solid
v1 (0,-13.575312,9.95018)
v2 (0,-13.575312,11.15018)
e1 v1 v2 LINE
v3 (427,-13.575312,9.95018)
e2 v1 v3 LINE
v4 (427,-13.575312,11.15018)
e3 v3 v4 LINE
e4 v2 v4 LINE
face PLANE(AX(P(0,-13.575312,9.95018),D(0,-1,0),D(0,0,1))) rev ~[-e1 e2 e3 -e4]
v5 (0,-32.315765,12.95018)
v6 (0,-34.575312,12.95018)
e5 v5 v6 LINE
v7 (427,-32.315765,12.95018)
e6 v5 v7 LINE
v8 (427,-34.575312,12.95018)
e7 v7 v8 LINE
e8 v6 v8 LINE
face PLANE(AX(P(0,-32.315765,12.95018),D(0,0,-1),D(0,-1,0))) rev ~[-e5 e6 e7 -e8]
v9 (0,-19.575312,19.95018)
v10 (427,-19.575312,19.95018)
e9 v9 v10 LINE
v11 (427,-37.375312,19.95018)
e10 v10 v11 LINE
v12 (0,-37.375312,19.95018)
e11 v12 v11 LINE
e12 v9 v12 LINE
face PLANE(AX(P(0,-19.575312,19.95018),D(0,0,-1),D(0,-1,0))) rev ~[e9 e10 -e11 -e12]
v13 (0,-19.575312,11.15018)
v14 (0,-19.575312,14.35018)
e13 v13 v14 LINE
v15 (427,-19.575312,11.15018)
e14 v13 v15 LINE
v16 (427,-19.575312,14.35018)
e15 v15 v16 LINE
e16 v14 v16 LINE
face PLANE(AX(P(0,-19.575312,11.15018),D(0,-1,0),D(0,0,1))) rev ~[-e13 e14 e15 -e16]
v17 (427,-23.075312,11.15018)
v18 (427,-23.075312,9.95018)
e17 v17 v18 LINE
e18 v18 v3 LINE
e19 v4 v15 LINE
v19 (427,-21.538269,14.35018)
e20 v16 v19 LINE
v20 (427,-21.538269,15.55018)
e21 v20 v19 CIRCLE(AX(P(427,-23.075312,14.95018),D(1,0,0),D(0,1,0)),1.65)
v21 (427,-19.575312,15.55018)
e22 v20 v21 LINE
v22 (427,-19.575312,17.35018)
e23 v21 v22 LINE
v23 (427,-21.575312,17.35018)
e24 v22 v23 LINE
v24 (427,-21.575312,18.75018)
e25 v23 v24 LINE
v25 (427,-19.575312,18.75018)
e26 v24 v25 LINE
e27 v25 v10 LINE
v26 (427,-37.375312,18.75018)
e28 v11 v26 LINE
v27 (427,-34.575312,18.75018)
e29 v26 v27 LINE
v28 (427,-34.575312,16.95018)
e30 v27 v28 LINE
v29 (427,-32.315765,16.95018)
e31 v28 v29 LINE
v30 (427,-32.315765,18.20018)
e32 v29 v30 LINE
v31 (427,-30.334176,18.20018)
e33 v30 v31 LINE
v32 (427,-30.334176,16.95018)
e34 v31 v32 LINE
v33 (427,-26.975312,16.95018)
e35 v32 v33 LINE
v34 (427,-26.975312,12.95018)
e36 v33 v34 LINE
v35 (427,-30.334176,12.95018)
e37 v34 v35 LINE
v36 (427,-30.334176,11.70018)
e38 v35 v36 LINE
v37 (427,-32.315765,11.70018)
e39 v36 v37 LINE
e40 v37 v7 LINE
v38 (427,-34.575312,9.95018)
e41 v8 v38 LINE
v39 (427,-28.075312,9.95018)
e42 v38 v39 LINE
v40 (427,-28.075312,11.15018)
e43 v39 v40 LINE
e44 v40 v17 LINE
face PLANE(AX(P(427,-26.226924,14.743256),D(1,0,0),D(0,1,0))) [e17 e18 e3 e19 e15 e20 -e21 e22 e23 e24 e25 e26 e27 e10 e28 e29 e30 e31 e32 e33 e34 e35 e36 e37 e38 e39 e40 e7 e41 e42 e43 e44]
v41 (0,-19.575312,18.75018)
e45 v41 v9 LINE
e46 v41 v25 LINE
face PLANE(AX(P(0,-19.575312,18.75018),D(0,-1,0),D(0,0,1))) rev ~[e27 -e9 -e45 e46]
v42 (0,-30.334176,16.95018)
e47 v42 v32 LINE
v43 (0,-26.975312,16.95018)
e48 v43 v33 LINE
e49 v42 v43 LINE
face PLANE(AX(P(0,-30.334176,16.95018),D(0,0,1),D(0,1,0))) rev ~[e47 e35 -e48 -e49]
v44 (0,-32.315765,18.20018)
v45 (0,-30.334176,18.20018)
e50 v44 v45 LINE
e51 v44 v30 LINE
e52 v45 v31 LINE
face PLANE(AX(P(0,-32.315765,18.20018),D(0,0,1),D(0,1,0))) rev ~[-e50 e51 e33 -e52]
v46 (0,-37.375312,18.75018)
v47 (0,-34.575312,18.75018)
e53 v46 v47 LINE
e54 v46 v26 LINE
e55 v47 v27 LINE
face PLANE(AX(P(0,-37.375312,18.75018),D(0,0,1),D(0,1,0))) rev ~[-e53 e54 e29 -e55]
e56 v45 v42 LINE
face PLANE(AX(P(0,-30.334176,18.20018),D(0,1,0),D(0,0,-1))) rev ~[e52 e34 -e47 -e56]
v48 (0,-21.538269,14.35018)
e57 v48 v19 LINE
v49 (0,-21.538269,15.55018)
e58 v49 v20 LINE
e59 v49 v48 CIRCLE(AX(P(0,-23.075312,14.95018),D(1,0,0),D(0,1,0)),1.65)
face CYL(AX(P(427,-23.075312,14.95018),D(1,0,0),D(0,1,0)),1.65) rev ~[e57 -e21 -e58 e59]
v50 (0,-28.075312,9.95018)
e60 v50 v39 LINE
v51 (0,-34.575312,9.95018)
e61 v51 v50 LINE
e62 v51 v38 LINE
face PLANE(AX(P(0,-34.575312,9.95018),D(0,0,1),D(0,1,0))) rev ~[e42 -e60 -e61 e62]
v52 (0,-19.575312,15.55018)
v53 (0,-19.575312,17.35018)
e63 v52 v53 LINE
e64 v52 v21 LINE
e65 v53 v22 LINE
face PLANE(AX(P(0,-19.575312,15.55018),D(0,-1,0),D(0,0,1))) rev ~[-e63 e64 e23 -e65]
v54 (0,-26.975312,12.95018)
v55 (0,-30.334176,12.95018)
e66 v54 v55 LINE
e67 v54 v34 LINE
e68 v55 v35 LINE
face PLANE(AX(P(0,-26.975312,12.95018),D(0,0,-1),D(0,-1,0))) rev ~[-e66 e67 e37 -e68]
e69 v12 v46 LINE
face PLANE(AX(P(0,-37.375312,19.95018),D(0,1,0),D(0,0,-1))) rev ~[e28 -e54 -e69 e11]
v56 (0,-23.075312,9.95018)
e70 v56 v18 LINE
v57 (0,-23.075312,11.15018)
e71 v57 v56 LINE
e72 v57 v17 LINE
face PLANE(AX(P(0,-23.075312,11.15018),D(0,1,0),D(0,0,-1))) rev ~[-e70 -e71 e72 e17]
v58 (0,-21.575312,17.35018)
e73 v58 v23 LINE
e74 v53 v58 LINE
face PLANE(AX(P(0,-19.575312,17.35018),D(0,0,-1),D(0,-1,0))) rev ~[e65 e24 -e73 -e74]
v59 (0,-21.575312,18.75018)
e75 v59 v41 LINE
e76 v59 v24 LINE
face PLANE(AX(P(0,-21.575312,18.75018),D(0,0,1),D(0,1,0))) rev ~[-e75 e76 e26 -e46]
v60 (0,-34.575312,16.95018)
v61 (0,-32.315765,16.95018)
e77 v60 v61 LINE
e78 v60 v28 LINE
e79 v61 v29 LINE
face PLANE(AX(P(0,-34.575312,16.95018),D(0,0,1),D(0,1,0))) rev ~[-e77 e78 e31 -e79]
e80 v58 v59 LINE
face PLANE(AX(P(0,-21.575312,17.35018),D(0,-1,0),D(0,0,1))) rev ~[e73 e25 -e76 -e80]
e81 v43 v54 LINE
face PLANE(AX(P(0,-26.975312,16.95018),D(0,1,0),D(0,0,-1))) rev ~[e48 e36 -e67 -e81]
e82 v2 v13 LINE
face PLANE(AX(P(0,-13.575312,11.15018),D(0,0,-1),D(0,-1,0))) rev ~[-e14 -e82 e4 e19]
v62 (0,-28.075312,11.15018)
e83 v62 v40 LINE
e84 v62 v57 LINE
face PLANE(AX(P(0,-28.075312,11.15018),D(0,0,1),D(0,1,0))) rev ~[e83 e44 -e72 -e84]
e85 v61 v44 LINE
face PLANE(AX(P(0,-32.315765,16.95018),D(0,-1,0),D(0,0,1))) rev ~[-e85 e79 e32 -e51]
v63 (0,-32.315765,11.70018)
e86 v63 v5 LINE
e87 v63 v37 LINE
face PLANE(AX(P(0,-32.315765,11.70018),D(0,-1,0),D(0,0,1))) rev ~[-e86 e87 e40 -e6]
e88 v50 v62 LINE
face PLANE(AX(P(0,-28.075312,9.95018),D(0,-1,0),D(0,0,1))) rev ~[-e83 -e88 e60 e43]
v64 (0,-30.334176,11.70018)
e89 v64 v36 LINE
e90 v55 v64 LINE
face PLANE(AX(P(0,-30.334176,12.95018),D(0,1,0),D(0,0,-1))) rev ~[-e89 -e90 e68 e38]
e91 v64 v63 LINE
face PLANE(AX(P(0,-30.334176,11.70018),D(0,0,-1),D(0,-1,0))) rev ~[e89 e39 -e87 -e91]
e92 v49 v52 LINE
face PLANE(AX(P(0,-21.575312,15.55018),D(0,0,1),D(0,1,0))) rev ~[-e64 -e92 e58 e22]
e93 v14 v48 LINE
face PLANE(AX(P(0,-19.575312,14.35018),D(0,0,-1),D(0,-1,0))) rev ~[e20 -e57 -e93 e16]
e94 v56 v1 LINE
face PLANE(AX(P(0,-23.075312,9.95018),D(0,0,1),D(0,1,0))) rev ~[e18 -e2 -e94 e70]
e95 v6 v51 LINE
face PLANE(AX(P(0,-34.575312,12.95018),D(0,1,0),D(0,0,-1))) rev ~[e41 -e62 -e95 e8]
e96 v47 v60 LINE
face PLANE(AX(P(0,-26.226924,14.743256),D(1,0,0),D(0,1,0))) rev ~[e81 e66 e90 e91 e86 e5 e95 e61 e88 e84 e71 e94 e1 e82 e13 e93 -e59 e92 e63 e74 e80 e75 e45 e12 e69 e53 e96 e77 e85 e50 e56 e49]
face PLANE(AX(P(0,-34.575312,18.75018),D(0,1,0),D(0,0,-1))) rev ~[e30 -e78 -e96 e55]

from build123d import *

# Parameters (mm, degrees)
F2_DEPTH = 427
F3_R     = 1.65
F4_DEPTH = 427


with BuildPart() as f2:
    # F1 (on Right) → F2 (new body)
    with BuildSketch(Plane.YZ):
        Polygon((-37.3753120244, 19.9501804985), (-37.3753120244, 18.7501804985), (-34.5753120244, 18.7501804985), (-34.5753120244, 16.9501804985), (-32.3157645762, 16.9501804985), (-32.3157645762, 18.2001804985), (-30.3341764957, 18.2001804985), (-30.3341764957, 16.9501804985), (-26.9753120244, 16.9501804985), (-26.9753120244, 12.9501804985), (-30.3341764957, 12.9501804985), (-30.3341764957, 11.7001804985), (-32.3157645762, 11.7001804985), (-32.3157645762, 12.9501804985), (-34.5753120244, 12.9501804985), (-34.5753120244, 9.9501804985), (-28.0753120244, 9.9501804985), (-28.0753120244, 11.1501804985), (-23.0753120244, 11.1501804985), (-23.0753120244, 9.9501804985), (-13.5753120244, 9.9501804985), (-13.5753120244, 11.1501804985), (-19.5753120244, 11.1501804985), (-19.5753120244, 14.3501804985), (-21.5753120244, 14.3501804985), (-21.5753120244, 15.5501804985), (-19.5753120244, 15.5501804985), (-19.5753120244, 17.3501804985), (-21.5753120244, 17.3501804985), (-21.5753120244, 18.7501804985), (-19.5753120244, 18.7501804985), (-19.5753120244, 19.9501804985), (-21.5753120244, 19.9501804985), align=None)
    extrude(amount=F2_DEPTH)

    # F3 (on face) → F4 (cut)
    with BuildSketch(Plane.YZ.offset(427)):
        with Locations((-23.0753120244, 14.9501804985)):
            Circle(F3_R)
    extrude(amount=-F4_DEPTH, mode=Mode.SUBTRACT)


solid = f2.part
